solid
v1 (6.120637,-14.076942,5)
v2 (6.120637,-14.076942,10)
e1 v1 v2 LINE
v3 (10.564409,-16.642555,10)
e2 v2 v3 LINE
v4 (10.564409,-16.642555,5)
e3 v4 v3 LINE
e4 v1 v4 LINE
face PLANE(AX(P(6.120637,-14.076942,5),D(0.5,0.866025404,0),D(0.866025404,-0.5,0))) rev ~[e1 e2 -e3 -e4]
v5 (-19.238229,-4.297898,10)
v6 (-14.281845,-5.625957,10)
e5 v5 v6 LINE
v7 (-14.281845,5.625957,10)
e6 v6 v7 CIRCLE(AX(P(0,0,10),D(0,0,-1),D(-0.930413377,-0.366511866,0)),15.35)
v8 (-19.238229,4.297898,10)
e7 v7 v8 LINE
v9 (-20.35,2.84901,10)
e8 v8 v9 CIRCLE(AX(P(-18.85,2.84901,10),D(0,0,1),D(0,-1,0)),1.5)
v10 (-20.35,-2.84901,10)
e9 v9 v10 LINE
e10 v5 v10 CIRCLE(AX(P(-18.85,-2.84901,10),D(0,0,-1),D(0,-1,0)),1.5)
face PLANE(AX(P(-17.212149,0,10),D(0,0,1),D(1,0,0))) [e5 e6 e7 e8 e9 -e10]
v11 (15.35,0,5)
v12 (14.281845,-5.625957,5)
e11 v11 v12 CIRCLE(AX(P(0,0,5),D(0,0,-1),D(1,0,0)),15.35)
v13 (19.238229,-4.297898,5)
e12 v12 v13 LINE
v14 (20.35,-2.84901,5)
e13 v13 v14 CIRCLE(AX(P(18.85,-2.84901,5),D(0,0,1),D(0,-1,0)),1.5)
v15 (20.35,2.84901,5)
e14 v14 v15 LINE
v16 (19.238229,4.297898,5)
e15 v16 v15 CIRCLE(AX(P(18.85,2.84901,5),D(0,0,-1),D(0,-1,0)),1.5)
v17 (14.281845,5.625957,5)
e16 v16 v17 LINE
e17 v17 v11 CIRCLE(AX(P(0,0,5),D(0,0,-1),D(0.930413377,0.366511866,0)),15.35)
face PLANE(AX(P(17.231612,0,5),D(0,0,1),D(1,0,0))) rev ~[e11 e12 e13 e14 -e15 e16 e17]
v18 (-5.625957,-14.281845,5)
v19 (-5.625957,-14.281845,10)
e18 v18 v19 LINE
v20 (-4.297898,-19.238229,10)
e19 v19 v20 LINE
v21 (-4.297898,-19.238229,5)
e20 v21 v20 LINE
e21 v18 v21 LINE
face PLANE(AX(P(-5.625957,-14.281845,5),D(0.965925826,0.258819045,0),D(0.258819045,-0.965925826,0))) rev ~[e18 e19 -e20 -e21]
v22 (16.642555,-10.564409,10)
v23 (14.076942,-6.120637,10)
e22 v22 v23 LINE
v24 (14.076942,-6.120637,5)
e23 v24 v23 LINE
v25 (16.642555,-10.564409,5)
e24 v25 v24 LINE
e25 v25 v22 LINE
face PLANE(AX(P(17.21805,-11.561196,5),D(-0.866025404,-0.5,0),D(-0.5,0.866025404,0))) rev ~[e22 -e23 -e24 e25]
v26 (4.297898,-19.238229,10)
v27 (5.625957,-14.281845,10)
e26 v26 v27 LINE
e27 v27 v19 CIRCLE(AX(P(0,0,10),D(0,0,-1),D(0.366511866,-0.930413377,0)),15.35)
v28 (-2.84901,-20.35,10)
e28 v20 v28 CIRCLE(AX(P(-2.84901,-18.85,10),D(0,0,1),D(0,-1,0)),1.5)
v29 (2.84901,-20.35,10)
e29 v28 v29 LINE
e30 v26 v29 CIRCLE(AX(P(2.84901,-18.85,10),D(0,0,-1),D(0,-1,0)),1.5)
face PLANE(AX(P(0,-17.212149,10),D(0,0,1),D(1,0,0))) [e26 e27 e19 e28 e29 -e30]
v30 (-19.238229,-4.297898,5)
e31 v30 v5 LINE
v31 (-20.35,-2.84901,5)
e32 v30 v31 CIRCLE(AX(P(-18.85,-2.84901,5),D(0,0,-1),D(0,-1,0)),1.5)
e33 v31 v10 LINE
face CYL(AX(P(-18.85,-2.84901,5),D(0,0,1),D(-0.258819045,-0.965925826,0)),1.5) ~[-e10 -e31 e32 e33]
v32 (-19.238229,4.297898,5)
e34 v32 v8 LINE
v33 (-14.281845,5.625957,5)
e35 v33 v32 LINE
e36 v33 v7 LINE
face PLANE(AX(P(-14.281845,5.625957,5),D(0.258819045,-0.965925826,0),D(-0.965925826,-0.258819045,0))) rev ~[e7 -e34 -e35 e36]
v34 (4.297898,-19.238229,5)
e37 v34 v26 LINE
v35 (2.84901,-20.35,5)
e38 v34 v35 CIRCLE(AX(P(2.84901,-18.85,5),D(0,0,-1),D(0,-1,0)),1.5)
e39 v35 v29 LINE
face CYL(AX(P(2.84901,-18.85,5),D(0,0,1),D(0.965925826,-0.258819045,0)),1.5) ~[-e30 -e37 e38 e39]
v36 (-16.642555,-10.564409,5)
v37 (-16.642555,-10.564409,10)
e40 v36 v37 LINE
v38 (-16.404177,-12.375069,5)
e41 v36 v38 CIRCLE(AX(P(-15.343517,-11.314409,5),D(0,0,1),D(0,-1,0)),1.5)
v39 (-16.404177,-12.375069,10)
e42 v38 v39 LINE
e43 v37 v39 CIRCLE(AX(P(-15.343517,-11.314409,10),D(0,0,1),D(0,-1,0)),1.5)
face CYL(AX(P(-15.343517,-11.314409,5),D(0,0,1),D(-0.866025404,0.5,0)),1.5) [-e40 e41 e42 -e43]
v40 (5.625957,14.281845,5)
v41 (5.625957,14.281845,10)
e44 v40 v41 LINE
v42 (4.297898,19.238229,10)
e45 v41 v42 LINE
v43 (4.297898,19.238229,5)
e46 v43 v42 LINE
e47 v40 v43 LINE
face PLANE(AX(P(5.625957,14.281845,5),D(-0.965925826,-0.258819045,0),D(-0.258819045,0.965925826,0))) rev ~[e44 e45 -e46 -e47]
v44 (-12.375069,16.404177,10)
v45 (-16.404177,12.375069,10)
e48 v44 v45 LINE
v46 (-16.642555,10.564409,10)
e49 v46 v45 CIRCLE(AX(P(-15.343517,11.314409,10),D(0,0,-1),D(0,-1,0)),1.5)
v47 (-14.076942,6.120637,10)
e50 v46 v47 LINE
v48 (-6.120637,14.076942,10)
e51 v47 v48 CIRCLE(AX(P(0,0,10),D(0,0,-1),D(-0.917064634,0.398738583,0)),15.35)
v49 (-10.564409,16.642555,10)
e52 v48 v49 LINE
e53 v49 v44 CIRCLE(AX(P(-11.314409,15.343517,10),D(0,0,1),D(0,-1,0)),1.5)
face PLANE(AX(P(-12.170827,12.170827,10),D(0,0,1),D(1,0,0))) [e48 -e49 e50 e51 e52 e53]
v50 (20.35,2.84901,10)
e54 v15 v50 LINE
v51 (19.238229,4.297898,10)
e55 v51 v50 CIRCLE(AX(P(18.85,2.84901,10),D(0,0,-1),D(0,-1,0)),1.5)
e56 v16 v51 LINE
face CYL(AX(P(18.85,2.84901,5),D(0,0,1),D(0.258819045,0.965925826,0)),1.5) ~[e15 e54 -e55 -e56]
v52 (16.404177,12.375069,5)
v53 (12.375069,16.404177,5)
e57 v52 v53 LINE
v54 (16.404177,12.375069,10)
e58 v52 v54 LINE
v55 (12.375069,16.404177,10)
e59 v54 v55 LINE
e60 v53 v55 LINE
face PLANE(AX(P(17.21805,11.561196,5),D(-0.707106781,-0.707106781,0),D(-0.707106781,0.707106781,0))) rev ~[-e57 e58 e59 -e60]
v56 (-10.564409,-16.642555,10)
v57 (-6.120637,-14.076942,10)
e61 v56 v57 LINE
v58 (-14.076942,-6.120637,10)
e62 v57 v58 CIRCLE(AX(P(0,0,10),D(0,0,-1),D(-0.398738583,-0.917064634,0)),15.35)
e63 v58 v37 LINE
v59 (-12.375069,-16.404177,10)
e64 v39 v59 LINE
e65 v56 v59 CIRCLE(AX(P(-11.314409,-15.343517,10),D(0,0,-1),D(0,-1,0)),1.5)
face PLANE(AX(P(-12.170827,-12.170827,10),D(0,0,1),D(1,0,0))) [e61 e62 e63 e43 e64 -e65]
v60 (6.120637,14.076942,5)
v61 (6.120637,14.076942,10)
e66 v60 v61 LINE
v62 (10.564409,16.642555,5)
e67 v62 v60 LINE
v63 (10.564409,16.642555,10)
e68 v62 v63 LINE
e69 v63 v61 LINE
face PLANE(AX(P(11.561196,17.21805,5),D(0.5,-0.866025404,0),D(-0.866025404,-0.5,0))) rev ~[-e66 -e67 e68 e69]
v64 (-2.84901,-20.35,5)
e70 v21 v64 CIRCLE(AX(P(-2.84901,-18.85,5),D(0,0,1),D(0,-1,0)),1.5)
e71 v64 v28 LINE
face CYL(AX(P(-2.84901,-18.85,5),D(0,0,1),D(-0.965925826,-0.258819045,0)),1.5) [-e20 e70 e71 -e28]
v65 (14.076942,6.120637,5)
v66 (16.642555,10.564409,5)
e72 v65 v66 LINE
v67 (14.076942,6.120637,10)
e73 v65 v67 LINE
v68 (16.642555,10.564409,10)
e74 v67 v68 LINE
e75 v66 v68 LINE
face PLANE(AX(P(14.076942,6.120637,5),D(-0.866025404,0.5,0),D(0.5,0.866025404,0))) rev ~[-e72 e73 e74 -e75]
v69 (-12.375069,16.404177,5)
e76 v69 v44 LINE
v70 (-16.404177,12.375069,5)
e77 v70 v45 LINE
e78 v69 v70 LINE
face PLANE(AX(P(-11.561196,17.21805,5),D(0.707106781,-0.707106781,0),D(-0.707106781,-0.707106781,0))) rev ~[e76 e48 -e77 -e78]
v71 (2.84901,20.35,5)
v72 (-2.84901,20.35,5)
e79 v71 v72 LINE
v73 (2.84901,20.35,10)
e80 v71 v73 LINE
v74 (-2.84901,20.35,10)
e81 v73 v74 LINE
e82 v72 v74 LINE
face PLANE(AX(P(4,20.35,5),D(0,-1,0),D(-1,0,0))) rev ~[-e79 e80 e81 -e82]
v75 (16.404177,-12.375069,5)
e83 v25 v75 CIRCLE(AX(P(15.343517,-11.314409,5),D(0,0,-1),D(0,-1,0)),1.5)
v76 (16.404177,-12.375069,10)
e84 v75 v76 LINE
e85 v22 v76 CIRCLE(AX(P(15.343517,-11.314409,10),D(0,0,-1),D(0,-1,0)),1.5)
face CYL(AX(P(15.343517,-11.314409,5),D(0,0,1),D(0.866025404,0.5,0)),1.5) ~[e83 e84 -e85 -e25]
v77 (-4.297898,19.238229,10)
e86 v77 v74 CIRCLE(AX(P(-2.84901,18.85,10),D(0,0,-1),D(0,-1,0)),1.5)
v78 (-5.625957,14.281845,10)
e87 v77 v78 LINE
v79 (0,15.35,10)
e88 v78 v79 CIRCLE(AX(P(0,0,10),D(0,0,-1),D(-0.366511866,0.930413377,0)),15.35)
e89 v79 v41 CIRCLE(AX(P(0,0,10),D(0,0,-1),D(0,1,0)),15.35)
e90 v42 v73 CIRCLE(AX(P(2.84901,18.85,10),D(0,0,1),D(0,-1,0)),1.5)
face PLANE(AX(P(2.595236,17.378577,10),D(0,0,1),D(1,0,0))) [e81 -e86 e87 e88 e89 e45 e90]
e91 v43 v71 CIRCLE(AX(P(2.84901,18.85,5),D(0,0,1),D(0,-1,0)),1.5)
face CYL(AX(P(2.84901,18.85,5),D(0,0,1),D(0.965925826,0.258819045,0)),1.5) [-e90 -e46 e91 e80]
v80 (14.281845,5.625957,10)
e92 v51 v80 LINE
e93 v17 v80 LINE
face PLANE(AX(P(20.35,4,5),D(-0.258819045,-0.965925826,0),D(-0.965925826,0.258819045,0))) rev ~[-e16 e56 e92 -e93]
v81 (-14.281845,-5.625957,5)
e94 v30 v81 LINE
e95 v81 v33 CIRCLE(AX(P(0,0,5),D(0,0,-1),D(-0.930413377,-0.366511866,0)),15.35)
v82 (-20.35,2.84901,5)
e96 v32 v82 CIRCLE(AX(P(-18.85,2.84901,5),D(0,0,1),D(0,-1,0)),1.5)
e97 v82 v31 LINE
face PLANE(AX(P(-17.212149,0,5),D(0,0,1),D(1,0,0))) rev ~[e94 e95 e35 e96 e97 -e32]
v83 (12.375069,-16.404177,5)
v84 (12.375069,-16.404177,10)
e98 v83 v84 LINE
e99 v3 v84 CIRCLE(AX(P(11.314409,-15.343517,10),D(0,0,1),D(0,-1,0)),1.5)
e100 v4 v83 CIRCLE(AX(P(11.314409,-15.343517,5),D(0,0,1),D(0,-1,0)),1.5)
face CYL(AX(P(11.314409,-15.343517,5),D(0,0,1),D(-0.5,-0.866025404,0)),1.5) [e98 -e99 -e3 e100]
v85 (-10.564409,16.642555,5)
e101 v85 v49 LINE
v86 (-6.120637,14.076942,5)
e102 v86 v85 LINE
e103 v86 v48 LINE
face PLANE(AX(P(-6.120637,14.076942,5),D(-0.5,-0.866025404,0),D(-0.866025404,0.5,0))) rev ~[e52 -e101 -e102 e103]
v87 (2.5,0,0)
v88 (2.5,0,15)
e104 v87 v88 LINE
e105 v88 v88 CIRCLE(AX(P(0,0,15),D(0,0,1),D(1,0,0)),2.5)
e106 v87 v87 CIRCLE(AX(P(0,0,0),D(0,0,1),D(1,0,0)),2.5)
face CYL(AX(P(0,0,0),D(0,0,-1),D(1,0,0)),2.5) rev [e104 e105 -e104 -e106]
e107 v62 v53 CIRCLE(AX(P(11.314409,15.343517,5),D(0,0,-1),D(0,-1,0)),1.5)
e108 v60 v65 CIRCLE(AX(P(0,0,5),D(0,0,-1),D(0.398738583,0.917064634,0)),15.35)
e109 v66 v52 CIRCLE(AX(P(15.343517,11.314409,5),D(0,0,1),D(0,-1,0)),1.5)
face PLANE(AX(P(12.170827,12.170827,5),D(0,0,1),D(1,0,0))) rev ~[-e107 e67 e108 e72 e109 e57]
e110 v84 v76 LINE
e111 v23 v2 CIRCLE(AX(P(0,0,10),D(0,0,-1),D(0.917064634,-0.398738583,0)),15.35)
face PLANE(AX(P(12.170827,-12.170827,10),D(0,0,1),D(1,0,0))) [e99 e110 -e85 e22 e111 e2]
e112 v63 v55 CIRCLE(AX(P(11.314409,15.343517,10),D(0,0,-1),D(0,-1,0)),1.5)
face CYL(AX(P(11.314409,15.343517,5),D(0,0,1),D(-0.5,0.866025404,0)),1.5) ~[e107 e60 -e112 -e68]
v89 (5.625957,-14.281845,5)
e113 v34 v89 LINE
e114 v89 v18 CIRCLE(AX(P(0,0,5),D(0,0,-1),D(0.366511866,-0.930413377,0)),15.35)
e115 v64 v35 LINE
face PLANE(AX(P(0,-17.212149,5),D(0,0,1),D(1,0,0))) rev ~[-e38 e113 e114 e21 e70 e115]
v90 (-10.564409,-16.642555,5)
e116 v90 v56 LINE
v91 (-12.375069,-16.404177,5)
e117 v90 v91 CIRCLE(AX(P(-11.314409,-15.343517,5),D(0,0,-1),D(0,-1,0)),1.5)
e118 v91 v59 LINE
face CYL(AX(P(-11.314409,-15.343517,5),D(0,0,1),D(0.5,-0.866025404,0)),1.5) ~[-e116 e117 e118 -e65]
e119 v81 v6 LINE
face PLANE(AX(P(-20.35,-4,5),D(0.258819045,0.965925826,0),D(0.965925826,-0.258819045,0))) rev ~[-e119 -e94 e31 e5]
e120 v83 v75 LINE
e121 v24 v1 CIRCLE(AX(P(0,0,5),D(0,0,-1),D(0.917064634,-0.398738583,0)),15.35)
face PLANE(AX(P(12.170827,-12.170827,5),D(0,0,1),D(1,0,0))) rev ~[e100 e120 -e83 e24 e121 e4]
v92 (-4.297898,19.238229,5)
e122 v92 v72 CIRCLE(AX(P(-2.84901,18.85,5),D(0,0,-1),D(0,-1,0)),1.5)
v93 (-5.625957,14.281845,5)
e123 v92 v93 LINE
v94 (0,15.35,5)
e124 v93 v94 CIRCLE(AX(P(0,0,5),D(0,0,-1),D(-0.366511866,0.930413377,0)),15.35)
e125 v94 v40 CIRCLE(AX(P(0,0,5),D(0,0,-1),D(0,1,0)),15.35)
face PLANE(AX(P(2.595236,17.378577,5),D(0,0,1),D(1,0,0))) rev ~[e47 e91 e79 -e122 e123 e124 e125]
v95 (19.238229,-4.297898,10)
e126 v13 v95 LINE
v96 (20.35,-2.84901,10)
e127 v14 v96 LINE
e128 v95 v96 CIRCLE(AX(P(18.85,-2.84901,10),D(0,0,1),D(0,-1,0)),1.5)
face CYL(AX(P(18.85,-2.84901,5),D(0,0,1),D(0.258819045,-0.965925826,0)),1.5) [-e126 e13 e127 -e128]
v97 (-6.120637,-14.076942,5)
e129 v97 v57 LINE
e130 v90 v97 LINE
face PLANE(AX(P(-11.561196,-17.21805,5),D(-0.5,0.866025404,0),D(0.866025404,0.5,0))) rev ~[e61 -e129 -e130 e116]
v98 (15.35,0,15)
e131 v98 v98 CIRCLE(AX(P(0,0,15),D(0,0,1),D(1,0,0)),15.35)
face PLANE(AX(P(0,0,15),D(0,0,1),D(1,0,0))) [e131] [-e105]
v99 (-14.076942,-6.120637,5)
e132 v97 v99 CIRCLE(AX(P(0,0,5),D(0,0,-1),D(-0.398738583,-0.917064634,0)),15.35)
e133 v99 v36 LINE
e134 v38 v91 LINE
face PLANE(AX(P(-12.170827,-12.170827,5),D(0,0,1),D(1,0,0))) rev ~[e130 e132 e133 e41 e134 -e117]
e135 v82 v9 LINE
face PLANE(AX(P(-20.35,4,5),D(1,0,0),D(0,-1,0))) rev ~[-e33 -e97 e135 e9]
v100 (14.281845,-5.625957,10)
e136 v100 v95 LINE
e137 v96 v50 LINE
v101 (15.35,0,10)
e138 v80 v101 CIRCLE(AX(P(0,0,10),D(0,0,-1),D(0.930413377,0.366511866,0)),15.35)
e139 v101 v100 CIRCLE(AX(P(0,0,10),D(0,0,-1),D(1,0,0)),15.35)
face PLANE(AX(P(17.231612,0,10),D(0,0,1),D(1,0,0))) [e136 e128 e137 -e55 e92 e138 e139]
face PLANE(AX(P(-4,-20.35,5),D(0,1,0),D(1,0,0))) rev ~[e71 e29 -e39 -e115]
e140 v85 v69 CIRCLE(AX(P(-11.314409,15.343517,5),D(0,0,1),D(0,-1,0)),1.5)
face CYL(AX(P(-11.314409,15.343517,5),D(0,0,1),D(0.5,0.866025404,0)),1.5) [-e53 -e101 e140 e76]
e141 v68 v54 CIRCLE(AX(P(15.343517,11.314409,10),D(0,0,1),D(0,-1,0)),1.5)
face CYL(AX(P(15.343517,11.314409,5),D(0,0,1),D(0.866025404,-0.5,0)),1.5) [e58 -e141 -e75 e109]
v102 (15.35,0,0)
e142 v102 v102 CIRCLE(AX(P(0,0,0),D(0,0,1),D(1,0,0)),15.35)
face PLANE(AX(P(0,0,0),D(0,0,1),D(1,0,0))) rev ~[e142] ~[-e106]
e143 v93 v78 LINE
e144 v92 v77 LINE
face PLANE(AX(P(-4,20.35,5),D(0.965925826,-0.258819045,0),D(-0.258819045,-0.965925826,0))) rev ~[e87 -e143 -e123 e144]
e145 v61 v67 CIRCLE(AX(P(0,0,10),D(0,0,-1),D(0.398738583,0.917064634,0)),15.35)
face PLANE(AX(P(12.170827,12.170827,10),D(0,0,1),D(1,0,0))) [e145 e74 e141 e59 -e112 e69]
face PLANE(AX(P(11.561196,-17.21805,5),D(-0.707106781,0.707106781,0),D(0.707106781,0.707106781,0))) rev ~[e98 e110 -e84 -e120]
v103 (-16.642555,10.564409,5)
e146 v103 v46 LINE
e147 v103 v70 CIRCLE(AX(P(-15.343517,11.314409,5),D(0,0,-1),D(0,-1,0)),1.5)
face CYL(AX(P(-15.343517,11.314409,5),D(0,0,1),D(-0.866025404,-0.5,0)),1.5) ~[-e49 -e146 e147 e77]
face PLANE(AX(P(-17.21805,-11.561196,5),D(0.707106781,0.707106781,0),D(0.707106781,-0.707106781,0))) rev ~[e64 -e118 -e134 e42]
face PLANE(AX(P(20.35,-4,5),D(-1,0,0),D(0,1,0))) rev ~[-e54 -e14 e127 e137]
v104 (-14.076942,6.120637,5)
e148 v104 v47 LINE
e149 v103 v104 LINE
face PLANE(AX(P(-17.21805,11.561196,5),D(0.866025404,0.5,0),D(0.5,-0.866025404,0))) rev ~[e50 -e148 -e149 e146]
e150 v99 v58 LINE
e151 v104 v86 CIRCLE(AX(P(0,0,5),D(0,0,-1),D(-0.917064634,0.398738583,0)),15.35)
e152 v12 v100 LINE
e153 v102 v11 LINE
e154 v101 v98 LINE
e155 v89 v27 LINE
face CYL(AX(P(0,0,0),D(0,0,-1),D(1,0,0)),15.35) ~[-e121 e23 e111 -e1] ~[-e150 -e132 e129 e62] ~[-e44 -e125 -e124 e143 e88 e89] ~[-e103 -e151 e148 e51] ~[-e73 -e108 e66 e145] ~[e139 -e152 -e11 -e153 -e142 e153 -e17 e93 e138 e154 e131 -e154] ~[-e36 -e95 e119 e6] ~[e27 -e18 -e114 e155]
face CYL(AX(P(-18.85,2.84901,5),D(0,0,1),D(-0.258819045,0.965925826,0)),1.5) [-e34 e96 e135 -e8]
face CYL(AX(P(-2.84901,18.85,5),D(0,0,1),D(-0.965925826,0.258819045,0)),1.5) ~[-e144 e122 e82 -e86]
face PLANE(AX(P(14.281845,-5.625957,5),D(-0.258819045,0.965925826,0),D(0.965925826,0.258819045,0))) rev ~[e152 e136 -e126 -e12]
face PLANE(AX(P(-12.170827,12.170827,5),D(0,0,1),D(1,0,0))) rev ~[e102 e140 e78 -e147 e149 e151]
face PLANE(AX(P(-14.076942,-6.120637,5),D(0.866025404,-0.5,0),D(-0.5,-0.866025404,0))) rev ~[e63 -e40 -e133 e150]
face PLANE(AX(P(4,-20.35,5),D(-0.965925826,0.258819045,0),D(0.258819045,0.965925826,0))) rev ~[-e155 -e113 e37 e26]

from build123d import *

# Parameters (mm, degrees)
SKETCH_1_R      = 15.35
SKETCH_1_R_2    = 2.5
EXTRUDE_1_DEPTH = 15
EXTRUDE_START   = 5
EXTRUDE_2_DEPTH = 5
FILLET_1_R      = 1.5


with BuildPart() as part:
    # 草图1 → 凸台-拉伸1 (new body)
    with BuildSketch(Plane.XY):
        Circle(SKETCH_1_R)
        Circle(SKETCH_1_R_2, mode=Mode.SUBTRACT)
    extrude(amount=EXTRUDE_1_DEPTH)

    # 草图1<3> → 凸台-拉伸2 (add)
    with BuildSketch(Plane.XY.offset(EXTRUDE_START)):
        with BuildLine():
            Line((-4, 20.35), (-5.625957141, 14.281845337))
            ThreePointArc((-5.625957141, 14.281845337), (0, 15.35), (5.625957141, 14.281845337))
            Line((5.625957141, 14.281845337), (4, 20.35))
            Line((4, 20.35), (-4, 20.35))
        make_face()
        with BuildLine():
            ThreePointArc((-14.076942131, 6.120637241), (-10.854089091, 10.854089091), (-6.120637241, 14.076942131))
            Line((-6.120637241, 14.076942131), (-11.561195872, 17.218050122))
            Line((-11.561195872, 17.218050122), (-17.218050122, 11.561195872))
            Line((-17.218050122, 11.561195872), (-14.076942131, 6.120637241))
        make_face()
        with BuildLine():
            ThreePointArc((-14.281845337, -5.625957141), (-15.35, 0), (-14.281845337, 5.625957141))
            Line((-14.281845337, 5.625957141), (-20.35, 4))
            Line((-20.35, 4), (-20.35, -4))
            Line((-20.35, -4), (-14.281845337, -5.625957141))
        make_face()
        with BuildLine():
            Line((11.561195872, 17.218050122), (6.120637241, 14.076942131))
            ThreePointArc((6.120637241, 14.076942131), (10.854089091, 10.854089091), (14.076942131, 6.120637241))
            Line((14.076942131, 6.120637241), (17.218050122, 11.561195872))
            Line((17.218050122, 11.561195872), (11.561195872, 17.218050122))
        make_face()
        with BuildLine():
            ThreePointArc((-6.120637241, -14.076942131), (-10.854089091, -10.854089091), (-14.076942131, -6.120637241))
            Line((-14.076942131, -6.120637241), (-17.218050122, -11.561195872))
            Line((-17.218050122, -11.561195872), (-11.561195872, -17.218050122))
            Line((-11.561195872, -17.218050122), (-6.120637241, -14.076942131))
        make_face()
        with BuildLine():
            Line((20.35, 4), (14.281845337, 5.625957141))
            ThreePointArc((14.281845337, 5.625957141), (15.35, 0), (14.281845337, -5.625957141))
            Line((14.281845337, -5.625957141), (20.35, -4))
            Line((20.35, -4), (20.35, 4))
        make_face()
        with BuildLine():
            ThreePointArc((5.625957141, -14.281845337), (0, -15.35), (-5.625957141, -14.281845337))
            Line((-5.625957141, -14.281845337), (-4, -20.35))
            Line((-4, -20.35), (4, -20.35))
            Line((4, -20.35), (5.625957141, -14.281845337))
        make_face()
        with BuildLine():
            Line((17.218050122, -11.561195872), (14.076942131, -6.120637241))
            ThreePointArc((14.076942131, -6.120637241), (10.854089091, -10.854089091), (6.120637241, -14.076942131))
            Line((6.120637241, -14.076942131), (11.561195872, -17.218050122))
            Line((11.561195872, -17.218050122), (17.218050122, -11.561195872))
        make_face()
    extrude(amount=EXTRUDE_2_DEPTH)

    # 圆角1
    fillet_1_edges = [part.edges().sort_by_distance(p)[0] for p in [
        (-11.561195872, 17.218050122, 7.5),
        (-17.218050122, 11.561195872, 7.5),
        (-20.35, 4, 7.5),
        (-20.35, -4, 7.5),
        (-17.218050122, -11.561195872, 7.5),
        (-11.561195872, -17.218050122, 7.5),
        (-4, -20.35, 7.5),
        (4, -20.35, 7.5),
        (11.561195872, -17.218050122, 7.5),
        (17.218050122, -11.561195872, 7.5),
        (20.35, -4, 7.5),
        (20.35, 4, 7.5),
        (17.218050122, 11.561195872, 7.5),
        (11.561195872, 17.218050122, 7.5),
        (4, 20.35, 7.5),
        (-4, 20.35, 7.5),
    ]]
    fillet(fillet_1_edges, radius=FILLET_1_R)


solid = part.part
